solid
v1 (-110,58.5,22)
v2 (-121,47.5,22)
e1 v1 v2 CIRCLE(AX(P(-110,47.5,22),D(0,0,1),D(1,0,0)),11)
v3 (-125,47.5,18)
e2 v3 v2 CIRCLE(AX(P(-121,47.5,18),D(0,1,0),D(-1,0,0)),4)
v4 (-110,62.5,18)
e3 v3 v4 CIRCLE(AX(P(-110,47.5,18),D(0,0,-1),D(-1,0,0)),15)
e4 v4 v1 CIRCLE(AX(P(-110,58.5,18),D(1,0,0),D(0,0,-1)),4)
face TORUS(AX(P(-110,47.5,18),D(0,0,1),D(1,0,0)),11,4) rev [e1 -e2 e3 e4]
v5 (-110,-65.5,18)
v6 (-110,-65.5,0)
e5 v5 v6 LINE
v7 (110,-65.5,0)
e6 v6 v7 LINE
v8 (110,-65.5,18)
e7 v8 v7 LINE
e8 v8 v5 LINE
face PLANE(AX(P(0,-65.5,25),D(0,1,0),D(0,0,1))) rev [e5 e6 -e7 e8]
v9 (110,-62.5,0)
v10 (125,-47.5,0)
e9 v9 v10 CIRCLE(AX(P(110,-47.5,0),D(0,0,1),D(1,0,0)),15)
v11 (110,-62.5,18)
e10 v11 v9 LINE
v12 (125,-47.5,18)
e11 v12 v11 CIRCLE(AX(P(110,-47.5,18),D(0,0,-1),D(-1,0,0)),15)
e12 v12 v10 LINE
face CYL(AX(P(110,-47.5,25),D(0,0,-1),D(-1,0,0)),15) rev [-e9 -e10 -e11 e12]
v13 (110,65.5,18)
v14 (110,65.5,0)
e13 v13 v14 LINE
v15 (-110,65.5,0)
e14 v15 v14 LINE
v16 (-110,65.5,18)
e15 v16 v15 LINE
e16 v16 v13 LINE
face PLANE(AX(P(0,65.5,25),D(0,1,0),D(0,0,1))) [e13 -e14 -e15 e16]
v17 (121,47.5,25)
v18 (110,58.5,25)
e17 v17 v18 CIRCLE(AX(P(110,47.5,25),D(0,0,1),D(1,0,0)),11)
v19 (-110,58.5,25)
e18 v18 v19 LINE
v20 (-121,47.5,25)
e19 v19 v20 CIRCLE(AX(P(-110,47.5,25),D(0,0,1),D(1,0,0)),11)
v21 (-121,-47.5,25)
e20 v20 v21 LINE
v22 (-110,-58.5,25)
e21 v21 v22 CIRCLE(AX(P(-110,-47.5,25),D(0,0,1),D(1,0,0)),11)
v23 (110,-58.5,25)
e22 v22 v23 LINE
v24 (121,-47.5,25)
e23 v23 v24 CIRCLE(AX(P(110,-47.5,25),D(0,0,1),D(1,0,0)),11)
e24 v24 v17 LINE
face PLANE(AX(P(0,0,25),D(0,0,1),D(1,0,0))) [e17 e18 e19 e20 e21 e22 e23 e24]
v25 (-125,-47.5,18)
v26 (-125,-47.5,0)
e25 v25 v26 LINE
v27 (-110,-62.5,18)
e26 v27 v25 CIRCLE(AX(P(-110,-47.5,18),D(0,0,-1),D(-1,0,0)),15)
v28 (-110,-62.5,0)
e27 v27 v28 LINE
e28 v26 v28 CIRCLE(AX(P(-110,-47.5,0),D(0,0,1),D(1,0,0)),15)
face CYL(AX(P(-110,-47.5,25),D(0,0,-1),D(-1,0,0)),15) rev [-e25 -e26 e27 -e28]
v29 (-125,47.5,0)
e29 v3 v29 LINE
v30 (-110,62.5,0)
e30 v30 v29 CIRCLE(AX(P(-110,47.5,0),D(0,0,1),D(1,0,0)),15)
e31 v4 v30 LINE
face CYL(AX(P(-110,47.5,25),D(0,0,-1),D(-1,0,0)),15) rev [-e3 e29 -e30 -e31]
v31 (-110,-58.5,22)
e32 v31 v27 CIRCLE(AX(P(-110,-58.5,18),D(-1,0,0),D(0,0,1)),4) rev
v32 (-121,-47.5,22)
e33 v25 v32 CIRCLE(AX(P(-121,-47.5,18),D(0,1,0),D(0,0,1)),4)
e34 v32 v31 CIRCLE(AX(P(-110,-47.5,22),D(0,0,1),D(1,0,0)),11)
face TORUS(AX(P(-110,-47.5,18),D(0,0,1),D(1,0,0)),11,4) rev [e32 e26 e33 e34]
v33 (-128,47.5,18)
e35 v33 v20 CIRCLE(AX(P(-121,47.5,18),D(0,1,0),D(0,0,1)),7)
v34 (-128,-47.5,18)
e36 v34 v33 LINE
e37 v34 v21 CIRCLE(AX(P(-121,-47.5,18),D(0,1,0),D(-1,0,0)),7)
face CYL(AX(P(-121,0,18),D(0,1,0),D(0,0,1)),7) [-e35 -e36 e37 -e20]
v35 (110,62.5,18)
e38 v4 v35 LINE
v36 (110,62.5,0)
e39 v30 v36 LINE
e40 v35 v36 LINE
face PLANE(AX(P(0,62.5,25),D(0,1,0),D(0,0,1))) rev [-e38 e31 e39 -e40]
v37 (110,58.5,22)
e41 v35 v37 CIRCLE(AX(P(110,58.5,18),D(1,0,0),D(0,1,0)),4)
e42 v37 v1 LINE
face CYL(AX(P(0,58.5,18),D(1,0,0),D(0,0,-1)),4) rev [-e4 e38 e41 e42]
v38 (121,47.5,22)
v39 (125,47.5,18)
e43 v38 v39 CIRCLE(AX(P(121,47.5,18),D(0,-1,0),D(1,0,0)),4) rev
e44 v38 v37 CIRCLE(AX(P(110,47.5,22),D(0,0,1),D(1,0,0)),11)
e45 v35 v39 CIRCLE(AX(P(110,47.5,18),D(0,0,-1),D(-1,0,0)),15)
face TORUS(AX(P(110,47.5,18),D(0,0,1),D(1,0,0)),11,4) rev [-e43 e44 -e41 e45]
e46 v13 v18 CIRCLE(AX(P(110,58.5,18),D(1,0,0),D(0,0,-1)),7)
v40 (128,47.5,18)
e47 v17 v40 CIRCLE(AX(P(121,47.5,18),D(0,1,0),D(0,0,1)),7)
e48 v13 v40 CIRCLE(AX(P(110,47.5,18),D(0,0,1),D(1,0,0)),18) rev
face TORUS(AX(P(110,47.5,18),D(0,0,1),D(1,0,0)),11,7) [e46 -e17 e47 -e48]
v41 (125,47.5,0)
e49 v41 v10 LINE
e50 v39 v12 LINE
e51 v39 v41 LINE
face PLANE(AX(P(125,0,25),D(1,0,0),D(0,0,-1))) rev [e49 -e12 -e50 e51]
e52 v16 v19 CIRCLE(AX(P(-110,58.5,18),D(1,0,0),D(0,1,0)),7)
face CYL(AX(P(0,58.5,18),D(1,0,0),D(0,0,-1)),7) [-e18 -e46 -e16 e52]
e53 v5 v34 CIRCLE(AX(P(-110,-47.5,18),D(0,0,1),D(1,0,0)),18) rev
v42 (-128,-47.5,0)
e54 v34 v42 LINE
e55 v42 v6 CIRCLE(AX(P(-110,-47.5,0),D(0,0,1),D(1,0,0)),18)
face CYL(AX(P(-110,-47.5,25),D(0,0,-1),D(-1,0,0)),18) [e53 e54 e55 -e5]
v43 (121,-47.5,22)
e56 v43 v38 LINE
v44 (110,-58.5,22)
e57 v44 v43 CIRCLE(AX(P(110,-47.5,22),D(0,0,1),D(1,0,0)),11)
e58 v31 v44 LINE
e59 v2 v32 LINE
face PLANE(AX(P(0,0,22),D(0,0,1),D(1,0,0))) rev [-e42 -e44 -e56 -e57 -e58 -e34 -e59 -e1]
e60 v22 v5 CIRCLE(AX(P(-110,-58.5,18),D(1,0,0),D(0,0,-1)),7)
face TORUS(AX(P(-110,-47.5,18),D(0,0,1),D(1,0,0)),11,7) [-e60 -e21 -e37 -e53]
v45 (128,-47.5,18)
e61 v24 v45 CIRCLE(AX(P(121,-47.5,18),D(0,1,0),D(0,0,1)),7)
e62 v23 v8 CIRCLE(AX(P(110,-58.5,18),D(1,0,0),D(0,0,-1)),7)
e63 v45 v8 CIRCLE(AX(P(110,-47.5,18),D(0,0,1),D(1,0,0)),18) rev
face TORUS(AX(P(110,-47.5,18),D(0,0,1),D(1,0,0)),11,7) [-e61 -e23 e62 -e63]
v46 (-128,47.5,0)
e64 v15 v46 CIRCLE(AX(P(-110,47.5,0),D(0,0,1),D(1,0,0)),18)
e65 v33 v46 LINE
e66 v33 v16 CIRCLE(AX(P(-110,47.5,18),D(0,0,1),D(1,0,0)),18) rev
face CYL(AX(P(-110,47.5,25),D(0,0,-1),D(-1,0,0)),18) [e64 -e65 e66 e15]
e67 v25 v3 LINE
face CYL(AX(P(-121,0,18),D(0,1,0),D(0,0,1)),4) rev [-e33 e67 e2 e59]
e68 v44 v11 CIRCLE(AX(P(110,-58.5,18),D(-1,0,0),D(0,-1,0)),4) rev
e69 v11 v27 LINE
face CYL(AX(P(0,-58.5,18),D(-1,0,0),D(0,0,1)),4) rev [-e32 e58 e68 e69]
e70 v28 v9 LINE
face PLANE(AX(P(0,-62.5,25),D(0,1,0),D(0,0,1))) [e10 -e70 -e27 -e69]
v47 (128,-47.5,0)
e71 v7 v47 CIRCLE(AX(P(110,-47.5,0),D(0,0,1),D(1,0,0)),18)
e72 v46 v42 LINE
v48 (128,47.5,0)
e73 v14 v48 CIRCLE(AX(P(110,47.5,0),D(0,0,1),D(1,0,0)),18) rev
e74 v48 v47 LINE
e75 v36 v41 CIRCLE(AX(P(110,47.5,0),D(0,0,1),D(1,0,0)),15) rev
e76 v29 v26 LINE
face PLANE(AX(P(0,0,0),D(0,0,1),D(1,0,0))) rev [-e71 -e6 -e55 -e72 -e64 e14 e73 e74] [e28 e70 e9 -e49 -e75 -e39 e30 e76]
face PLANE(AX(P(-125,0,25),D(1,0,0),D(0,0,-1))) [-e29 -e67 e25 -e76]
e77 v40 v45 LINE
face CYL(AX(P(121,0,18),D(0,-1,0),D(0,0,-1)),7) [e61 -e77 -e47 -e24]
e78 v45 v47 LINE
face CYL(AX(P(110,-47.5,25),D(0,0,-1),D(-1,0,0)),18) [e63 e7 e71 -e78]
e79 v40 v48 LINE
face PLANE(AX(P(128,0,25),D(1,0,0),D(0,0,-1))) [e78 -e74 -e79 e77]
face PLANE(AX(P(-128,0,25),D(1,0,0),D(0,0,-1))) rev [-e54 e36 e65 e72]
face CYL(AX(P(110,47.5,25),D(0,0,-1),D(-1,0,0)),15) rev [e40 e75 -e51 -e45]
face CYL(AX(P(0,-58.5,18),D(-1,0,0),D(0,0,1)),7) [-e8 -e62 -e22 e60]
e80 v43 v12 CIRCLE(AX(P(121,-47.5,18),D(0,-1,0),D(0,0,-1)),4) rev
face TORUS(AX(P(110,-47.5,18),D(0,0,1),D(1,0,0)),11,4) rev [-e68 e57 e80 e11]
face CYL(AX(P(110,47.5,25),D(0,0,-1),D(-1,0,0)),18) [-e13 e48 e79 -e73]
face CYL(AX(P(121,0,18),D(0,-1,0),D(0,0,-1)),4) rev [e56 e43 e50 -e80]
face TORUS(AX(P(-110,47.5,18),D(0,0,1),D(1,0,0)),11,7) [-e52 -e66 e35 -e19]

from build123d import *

# Parameters (mm, degrees)
SALIENTE_EXTRUIR1_DEPTH = 25
REDONDEO1_R             = 7
VACIADO1_T              = -3


with BuildPart() as part:
    # Croquis1 → Saliente-Extruir1 (new body)
    with BuildSketch(Plane.XY):
        with BuildLine():
            Line((-110, 65.5), (110, 65.5))
            ThreePointArc((110, 65.5), (122.727922061, 60.227922061), (128, 47.5))
            Line((128, 47.5), (128, -47.5))
            ThreePointArc((128, -47.5), (122.727922061, -60.227922061), (110, -65.5))
            Line((110, -65.5), (-110, -65.5))
            ThreePointArc((-110, -65.5), (-122.727922061, -60.227922061), (-128, -47.5))
            Line((-128, -47.5), (-128, 47.5))
            ThreePointArc((-128, 47.5), (-122.727922061, 60.227922061), (-110, 65.5))
        make_face()
    extrude(amount=SALIENTE_EXTRUIR1_DEPTH)

    # Redondeo1
    redondeo1_edges = [part.edges().sort_by_distance(p)[0] for p in [
        (-122.727922061, 60.227922061, 25),
        (-128, 0, 25),
        (-122.727922061, -60.227922061, 25),
        (0, -65.5, 25),
        (122.727922061, -60.227922061, 25),
        (128, 0, 25),
        (122.727922061, 60.227922061, 25),
        (0, 65.5, 25),
    ]]
    fillet(redondeo1_edges, radius=REDONDEO1_R)

    # Vaciado1
    vaciado1_openings = [part.faces().sort_by_distance(p)[0] for p in [
        (0, 0, 0),
    ]]
    offset(amount=VACIADO1_T, openings=vaciado1_openings, kind=Kind.INTERSECTION)


solid = part.part
